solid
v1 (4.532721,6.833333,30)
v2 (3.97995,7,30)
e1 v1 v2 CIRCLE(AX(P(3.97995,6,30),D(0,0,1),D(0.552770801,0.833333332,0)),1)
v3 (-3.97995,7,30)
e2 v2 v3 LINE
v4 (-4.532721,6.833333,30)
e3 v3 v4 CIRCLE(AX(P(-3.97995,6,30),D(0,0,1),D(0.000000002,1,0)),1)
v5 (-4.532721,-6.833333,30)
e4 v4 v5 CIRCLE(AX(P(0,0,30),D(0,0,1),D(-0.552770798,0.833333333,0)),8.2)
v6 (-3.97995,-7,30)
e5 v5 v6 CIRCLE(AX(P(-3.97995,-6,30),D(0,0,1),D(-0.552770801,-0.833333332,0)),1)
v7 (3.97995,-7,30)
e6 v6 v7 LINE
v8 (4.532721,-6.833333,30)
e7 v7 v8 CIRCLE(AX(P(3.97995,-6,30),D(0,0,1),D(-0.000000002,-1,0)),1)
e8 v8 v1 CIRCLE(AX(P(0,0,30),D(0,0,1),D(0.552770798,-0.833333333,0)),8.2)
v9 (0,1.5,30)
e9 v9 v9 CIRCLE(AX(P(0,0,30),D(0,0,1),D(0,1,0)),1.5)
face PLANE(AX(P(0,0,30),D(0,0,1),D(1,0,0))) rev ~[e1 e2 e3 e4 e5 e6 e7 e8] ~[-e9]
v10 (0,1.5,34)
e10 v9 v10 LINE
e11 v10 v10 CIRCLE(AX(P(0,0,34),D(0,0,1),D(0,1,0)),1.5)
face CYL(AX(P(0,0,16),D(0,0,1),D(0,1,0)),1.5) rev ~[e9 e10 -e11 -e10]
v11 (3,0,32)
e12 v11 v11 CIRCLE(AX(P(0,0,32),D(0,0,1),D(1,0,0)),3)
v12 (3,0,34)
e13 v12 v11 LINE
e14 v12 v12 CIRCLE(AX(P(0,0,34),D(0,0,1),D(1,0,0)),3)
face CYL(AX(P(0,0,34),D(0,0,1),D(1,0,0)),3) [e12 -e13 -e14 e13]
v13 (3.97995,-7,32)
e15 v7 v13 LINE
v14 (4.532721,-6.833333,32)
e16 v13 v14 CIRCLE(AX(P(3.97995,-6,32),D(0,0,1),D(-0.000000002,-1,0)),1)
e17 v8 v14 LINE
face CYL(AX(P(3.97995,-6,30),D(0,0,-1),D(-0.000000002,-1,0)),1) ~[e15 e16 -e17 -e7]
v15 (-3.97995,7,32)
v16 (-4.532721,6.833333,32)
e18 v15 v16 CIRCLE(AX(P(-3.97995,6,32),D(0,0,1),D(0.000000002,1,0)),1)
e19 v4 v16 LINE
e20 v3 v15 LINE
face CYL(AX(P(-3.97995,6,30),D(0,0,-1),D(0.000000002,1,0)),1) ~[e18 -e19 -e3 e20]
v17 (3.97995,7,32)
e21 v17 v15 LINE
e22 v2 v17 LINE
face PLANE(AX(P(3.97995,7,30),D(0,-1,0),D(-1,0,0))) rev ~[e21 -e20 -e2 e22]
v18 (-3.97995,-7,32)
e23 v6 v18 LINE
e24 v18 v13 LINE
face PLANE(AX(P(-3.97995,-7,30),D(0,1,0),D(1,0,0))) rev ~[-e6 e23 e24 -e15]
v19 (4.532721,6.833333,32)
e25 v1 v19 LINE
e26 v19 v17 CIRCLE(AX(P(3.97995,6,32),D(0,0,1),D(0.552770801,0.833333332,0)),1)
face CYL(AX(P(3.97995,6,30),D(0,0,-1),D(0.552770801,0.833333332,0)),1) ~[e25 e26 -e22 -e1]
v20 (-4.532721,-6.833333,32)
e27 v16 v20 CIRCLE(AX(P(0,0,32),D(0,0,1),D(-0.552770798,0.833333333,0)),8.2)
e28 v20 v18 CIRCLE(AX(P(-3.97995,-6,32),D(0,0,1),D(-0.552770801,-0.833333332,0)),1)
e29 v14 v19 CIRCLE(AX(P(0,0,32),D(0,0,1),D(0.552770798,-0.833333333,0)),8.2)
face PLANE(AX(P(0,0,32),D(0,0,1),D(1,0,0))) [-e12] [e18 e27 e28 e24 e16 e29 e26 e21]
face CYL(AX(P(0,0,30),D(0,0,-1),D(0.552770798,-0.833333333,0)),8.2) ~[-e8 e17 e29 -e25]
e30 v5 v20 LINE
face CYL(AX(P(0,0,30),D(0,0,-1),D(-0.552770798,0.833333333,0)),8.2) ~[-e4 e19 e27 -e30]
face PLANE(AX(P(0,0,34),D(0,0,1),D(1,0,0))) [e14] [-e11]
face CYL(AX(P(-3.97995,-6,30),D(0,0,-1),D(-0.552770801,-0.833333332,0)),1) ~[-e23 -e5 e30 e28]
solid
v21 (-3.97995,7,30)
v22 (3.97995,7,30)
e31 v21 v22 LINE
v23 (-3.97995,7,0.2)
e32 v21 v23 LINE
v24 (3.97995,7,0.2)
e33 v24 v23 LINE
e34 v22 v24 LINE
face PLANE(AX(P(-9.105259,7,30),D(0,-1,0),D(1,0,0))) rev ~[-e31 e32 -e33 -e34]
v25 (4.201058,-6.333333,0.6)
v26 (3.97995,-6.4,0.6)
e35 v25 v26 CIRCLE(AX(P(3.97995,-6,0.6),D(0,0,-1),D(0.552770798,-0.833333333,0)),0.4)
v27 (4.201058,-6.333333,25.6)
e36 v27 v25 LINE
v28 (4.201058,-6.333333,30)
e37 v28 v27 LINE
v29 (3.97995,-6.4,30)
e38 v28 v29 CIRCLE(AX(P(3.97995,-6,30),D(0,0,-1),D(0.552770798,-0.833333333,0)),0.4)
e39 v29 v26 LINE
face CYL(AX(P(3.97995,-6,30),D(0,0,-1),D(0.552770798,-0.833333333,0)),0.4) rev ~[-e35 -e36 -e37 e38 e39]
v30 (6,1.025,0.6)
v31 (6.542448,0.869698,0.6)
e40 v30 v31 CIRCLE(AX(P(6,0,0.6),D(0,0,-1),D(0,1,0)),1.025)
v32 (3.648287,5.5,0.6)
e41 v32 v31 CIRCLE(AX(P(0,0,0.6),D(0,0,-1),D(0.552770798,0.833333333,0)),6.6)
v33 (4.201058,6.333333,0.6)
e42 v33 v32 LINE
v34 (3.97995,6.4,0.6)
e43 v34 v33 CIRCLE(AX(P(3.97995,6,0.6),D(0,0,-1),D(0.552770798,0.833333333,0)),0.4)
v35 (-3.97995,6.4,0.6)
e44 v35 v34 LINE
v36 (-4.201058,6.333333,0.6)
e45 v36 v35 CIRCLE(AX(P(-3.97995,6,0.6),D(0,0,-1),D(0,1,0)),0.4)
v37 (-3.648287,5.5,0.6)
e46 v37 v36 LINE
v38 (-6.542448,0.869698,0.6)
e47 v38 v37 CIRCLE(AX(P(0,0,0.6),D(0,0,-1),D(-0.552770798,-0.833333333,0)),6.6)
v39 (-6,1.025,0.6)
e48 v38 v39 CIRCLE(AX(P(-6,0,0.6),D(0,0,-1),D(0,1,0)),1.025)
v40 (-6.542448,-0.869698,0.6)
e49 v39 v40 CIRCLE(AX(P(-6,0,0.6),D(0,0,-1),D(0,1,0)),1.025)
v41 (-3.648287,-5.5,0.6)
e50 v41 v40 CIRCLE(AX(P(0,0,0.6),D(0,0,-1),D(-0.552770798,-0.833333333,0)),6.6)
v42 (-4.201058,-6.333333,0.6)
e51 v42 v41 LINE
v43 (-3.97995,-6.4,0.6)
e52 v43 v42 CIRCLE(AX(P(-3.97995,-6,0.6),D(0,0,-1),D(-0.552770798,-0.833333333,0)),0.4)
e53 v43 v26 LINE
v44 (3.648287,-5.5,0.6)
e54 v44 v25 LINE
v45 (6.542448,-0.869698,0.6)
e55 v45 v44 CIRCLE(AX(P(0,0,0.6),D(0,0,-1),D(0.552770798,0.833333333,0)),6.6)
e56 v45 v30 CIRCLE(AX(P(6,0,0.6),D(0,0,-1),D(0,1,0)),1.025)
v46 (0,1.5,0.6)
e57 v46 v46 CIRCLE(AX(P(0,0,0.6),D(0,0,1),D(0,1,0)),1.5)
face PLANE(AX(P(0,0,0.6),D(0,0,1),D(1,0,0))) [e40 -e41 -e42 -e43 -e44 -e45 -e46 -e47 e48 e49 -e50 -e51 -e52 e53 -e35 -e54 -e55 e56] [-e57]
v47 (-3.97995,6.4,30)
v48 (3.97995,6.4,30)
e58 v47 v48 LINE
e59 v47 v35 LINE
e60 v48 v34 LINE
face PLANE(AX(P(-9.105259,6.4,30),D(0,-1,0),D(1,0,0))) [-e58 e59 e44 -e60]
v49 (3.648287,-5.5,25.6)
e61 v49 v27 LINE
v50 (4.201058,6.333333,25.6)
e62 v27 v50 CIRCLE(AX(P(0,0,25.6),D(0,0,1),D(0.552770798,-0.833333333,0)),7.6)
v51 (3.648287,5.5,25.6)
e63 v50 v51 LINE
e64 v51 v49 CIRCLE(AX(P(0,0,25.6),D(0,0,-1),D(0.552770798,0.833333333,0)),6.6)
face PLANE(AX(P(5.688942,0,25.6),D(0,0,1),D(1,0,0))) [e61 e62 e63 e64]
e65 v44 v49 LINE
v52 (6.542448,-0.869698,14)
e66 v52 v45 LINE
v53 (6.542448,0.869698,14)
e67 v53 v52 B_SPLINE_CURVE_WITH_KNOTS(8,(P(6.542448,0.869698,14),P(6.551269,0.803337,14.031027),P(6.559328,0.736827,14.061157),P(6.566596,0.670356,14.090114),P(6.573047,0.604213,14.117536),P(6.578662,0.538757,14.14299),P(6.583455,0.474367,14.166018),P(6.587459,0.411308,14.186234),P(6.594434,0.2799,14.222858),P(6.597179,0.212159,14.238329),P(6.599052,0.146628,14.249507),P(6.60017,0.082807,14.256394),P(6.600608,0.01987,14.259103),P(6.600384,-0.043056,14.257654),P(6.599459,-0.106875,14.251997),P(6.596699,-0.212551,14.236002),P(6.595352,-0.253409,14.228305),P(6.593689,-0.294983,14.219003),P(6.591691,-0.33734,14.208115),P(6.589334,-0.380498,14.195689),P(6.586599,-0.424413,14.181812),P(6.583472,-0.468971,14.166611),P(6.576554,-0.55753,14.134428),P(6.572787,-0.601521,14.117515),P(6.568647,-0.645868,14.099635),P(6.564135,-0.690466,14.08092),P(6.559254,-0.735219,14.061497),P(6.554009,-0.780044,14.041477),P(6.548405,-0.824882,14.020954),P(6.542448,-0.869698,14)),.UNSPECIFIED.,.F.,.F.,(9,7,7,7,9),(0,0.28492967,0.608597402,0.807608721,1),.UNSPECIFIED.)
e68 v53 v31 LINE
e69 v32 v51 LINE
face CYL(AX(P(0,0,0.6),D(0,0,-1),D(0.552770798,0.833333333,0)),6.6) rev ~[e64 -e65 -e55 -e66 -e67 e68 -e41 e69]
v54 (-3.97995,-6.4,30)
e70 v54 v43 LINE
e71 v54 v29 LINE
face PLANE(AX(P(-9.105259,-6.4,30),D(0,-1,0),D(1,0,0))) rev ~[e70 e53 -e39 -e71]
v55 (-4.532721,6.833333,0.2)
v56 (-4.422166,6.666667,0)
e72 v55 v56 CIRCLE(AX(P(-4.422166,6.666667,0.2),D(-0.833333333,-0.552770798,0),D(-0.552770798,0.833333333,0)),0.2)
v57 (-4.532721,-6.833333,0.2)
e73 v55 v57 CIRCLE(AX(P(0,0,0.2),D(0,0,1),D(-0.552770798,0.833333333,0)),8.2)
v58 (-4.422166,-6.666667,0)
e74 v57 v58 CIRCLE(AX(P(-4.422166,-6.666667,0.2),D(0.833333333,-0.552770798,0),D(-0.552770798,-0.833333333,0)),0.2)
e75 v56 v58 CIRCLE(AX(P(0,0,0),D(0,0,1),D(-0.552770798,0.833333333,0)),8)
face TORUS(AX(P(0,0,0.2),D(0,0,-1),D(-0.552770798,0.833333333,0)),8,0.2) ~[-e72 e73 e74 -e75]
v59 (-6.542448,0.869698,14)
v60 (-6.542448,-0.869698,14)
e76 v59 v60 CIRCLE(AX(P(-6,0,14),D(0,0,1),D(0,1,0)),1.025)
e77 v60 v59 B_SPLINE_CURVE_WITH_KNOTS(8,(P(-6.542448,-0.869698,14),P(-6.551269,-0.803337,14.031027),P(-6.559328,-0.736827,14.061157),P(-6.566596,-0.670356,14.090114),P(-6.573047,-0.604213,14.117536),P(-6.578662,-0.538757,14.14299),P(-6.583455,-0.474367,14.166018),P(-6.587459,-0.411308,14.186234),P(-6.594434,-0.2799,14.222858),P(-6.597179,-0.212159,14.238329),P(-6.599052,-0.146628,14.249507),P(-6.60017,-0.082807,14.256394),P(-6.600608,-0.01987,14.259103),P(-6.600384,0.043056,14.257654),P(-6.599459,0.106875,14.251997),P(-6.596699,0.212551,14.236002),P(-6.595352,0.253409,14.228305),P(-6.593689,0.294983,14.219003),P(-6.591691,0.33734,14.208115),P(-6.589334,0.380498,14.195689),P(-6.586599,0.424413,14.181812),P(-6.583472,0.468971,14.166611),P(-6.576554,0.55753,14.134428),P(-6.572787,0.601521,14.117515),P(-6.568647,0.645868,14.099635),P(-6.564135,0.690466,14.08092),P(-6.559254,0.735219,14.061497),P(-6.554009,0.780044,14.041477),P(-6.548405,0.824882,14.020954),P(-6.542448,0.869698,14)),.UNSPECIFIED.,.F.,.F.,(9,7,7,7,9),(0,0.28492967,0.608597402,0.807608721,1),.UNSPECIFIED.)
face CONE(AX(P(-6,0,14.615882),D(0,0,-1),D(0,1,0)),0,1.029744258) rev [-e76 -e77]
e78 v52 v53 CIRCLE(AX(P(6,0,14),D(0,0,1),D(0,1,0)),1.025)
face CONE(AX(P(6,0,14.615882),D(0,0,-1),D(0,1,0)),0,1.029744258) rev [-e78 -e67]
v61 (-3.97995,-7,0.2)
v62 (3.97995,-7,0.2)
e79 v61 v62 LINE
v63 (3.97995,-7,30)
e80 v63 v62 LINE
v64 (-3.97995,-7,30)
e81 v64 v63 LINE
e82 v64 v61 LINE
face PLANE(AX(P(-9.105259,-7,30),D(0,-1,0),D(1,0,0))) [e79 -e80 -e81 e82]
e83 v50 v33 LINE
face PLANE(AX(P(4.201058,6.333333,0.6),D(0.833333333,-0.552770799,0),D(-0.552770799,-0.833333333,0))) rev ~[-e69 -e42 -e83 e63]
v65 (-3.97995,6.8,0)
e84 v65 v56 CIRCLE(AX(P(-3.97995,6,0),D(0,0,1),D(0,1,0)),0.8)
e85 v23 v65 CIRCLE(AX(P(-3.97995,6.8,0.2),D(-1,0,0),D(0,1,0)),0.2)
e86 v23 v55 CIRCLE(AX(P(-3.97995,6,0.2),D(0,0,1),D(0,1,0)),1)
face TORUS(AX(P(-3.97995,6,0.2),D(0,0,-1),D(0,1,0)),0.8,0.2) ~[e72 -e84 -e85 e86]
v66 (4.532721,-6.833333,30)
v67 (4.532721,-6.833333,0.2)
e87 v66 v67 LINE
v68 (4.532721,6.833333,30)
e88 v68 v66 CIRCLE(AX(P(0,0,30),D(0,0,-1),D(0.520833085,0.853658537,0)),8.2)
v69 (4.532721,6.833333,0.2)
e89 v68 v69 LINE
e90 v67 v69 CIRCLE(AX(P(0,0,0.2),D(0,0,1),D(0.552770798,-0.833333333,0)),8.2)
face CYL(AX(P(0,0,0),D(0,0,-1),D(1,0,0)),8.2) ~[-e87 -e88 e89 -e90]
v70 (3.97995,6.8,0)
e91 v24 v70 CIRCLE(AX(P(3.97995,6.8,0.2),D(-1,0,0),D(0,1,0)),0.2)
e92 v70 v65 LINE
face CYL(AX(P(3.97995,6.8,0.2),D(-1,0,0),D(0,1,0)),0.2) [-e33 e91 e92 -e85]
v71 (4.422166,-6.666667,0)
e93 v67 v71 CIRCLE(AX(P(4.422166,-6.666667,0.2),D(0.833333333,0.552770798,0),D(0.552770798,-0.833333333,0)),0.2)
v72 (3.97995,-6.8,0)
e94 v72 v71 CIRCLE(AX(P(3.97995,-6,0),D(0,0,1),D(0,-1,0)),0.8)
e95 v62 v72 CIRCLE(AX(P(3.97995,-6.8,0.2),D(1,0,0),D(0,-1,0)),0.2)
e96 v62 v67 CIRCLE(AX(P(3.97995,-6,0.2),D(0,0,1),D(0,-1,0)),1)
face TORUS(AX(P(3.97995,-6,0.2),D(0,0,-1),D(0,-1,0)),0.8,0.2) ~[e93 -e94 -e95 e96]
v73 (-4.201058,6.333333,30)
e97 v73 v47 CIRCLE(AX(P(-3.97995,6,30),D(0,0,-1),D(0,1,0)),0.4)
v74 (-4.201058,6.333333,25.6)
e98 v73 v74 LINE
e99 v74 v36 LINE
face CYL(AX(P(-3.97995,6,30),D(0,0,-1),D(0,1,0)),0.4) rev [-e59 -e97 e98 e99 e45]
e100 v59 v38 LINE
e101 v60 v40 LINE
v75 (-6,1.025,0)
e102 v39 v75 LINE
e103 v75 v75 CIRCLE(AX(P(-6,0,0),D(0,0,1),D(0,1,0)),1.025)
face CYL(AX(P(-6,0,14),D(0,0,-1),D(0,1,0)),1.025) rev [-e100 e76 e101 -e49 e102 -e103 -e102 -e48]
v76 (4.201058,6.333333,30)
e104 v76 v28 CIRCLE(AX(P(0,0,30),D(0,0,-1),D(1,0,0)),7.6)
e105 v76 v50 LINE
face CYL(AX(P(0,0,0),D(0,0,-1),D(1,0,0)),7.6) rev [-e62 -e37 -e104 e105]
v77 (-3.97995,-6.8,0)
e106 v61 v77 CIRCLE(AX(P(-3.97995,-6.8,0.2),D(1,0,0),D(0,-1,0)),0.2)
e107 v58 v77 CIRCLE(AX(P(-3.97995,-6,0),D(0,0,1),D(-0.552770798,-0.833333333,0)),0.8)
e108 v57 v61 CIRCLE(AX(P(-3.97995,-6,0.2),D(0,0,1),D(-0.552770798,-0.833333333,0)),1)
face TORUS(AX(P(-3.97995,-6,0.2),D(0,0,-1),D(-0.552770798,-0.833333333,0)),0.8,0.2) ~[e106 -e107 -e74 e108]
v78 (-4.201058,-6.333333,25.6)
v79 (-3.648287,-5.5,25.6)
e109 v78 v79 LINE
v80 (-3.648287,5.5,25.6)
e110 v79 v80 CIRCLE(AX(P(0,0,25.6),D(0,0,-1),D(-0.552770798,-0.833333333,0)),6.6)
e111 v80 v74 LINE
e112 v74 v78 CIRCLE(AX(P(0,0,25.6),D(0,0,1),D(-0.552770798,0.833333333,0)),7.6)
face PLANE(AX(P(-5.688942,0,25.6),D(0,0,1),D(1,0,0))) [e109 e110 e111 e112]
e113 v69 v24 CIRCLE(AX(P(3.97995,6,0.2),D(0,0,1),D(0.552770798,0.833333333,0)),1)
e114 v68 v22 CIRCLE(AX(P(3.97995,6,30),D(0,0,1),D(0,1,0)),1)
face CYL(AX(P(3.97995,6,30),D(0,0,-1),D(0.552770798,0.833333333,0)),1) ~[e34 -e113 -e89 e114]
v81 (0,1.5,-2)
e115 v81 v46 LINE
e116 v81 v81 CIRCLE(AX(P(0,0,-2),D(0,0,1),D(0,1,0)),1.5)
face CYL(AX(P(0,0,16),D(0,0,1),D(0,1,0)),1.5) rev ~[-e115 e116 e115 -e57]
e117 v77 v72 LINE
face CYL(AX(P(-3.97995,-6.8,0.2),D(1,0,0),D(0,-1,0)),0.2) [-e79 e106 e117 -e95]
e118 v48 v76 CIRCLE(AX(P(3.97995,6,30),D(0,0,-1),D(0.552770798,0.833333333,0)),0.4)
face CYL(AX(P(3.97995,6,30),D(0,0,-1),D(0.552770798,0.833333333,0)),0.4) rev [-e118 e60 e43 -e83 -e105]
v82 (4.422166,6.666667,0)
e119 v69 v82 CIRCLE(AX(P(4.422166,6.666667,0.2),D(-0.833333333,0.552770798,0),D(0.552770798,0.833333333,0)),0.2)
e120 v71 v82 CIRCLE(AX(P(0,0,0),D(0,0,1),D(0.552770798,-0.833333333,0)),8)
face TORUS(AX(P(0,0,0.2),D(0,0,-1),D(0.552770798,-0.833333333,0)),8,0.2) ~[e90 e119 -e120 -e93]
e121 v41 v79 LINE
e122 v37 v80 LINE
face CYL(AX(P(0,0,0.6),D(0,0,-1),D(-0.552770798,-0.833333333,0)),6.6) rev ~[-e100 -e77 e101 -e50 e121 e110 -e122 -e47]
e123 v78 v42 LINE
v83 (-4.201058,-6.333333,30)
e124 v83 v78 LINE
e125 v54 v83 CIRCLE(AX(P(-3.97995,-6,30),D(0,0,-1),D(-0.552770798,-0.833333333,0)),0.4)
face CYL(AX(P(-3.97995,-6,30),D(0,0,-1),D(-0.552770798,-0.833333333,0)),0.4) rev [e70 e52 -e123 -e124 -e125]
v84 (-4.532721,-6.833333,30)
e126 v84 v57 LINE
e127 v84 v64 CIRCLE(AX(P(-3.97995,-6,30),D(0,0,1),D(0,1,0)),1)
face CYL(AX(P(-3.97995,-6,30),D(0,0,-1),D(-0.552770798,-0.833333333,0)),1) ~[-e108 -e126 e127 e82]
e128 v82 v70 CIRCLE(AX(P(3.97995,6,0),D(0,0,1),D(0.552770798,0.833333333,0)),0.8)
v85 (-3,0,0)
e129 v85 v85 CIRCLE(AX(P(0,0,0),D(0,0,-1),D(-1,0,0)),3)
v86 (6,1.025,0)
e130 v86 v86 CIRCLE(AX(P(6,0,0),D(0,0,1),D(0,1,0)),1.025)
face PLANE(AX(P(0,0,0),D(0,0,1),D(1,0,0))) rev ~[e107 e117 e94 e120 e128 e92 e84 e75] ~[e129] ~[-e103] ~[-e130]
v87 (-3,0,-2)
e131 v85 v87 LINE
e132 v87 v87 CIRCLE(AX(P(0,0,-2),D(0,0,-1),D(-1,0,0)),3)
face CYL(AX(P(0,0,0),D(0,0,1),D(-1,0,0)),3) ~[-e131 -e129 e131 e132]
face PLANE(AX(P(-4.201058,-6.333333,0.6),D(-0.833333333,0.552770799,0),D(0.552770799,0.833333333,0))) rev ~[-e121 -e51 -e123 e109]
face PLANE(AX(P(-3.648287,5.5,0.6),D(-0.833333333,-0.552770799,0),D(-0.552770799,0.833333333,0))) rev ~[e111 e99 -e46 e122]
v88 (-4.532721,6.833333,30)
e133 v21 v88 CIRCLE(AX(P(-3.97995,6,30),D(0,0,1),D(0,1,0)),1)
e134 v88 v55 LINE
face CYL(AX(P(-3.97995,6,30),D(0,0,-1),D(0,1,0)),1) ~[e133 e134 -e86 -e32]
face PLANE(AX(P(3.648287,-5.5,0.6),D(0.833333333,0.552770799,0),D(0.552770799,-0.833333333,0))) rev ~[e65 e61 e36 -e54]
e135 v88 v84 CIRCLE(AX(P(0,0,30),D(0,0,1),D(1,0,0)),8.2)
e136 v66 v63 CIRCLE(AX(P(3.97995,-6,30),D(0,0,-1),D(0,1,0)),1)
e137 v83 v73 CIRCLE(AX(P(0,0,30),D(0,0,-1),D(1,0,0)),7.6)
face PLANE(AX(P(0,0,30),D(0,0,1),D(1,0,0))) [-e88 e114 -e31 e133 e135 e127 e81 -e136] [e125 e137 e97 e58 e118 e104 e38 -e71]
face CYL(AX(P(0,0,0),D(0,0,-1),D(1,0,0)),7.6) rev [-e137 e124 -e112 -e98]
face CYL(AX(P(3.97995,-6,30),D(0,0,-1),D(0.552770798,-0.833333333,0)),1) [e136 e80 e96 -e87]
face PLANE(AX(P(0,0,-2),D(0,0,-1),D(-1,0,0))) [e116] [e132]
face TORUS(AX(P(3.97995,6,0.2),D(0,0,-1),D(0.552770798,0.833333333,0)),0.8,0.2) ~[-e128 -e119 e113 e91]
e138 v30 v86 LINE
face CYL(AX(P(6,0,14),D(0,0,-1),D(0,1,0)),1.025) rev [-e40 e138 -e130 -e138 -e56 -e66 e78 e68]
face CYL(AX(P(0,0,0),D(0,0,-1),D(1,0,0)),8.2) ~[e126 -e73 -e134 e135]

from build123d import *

# Parameters (mm, degrees)
SKETCH_1_R                    = 8.2
EXTRUDE_1_DEPTH               = 30
SKETCH_2_W                    = 19.841310119
SKETCH_2_H                    = 4.076981531
CUT_EXTRUDE_1_DEPTH           = 33.163333161
FILLET_1_R                    = 1
SHELL_1_T                     = -0.6
SKETCH_4_R                    = 3
EXTRUDE_2_DEPTH               = 2
EXTRUDE_1_2_DEPTH             = 25
EXTRUDE_3_DEPTH               = 2
EXTRUDE_START                 = 2
SKETCH_9_R                    = 3
EXTRUDE_4_DEPTH               = 2
SKETCH_6_W                    = 1.5
SKETCH_6_H                    = 36
FILLET_2_R                    = 0.2
HOLE_WIZARD_M2_5_1_AT_2_COUNT = 2
HOLE_WIZARD_M2_5_1_AT_2_PITCH = 12


with BuildPart() as part:
    # 草图1 → Extrude 1 (new body)
    with BuildSketch(Plane.XY):
        Circle(SKETCH_1_R)
    extrude(amount=EXTRUDE_1_DEPTH)

    # 草图2 → 切除-拉伸1 (cut, through all)
    with BuildSketch(Plane.XY.offset(30)):
        with Locations((0.815396306, 9.038490766)):
            Rectangle(SKETCH_2_W, SKETCH_2_H)
        with Locations((0.815396306, -9.038490766)):
            Rectangle(SKETCH_2_W, SKETCH_2_H)
    extrude(amount=-CUT_EXTRUDE_1_DEPTH, mode=Mode.SUBTRACT)

    # 圆角1
    fillet_1_edges = [part.edges().sort_by_distance(p)[0] for p in [
        (-4.270831301, 7, 15),
        (4.270831301, 7, 15),
        (4.270831301, -7, 15),
        (-4.270831301, -7, 15),
    ]]
    fillet(fillet_1_edges, radius=FILLET_1_R)

    # 抽壳1
    shell_1_openings = [part.faces().sort_by_distance(p)[0] for p in [
        (0, 0, 30),
    ]]
    offset(amount=SHELL_1_T, openings=shell_1_openings, kind=Kind.INTERSECTION)

    # 草图4 → 凸台-拉伸2 (add)
    with BuildSketch(Plane(origin=(0, 0, 0), x_dir=(-1, 0, 0), z_dir=(0, 0, -1))):
        Circle(SKETCH_4_R)
    extrude(amount=EXTRUDE_2_DEPTH)

    # 草图7 → Extrude 1 2 (add)
    with BuildSketch(Plane.XY.offset(0.6)):
        with BuildLine():
            ThreePointArc((-4.201058068, 6.333333333), (-7.6, 0), (-4.201058068, -6.333333333))
            Line((-4.201058068, -6.333333333), (-3.648287269, -5.5))
            ThreePointArc((-3.648287269, -5.5), (-6.6, 0), (-3.648287269, 5.5))
            Line((-3.648287269, 5.5), (-4.201058068, 6.333333333))
        make_face()
        with BuildLine():
            ThreePointArc((4.201058068, -6.333333333), (7.6, 0), (4.201058068, 6.333333333))
            Line((4.201058068, 6.333333333), (3.648287269, 5.5))
            ThreePointArc((3.648287269, 5.5), (6.6, 0), (3.648287269, -5.5))
            Line((3.648287269, -5.5), (4.201058068, -6.333333333))
        make_face()
    extrude(amount=EXTRUDE_1_2_DEPTH)


with BuildPart() as body_2:
    # 草图8 → 凸台-拉伸3 (new body)
    with BuildSketch(Plane.XY.offset(30)):
        with BuildLine():
            Line((-3.979949748, -7), (3.979949748, -7))
            ThreePointArc((3.979949748, -7), (4.268624883, -6.957427108), (4.532720547, -6.833333333))
            ThreePointArc((4.532720547, -6.833333333), (8.2, 0), (4.532720547, 6.833333333))
            ThreePointArc((4.532720547, 6.833333333), (4.268624883, 6.957427108), (3.979949748, 7))
            Line((3.979949748, 7), (-3.979949748, 7))
            ThreePointArc((-3.979949748, 7), (-4.268624883, 6.957427108), (-4.532720547, 6.833333333))
            ThreePointArc((-4.532720547, 6.833333333), (-8.2, 0), (-4.532720547, -6.833333333))
            ThreePointArc((-4.532720547, -6.833333333), (-4.268624883, -6.957427108), (-3.979949748, -7))
        make_face()
    extrude(amount=EXTRUDE_3_DEPTH)

    # 草图9 → 凸台-拉伸4 (add)
    with BuildSketch(Plane.XY.offset(32).offset(EXTRUDE_START)):
        Circle(SKETCH_9_R)
    extrude(amount=-EXTRUDE_4_DEPTH)


with BuildPart() as hole_wizard_3_0_3_1_tool:
    # 草图6 → Ø3.0 (3) 直径孔1 (revolve)
    with BuildSketch(Plane(origin=(0, 0, -2), x_dir=(0, 1, 0), z_dir=(1, 0, 0))):
        with Locations((0.75, 18)):
            Rectangle(SKETCH_6_W, SKETCH_6_H)
    revolve(axis=Axis((0, 0, -8.35), (0, 0, 1)))


with BuildPart() as part_1:
    add(part.part)

    # Ø3.0 (3) 直径孔1: cut by hole_wizard_3_0_3_1_tool
    add(hole_wizard_3_0_3_1_tool.part, mode=Mode.SUBTRACT)

    # 圆角2
    fillet_2_edges = [part_1.edges().sort_by_distance(p)[0] for p in [
        (-8.2, 0, 0),
        (0, -7, 0),
        (0, 7, 0),
        (8.2, 0, 0),
        (4.268624883, 6.957427108, 0),
        (-4.268624883, 6.957427108, 0),
        (4.268624883, -6.957427108, 0),
        (-4.268624883, -6.957427108, 0),
    ]]
    fillet(fillet_2_edges, radius=FILLET_2_R)

    # 草图14 → M2.5 螺纹孔1 (revolve, cut)
    with BuildSketch(Plane.YZ.offset(6)):
        Polygon((0, 0), (0, 14.615882135), (1.025, 14), (1.025, 0), align=None)
    hole_wizard_m2_5_1 = revolve(axis=Axis((6, 0, -6.35), (0, 0, 1)), mode=Mode.SUBTRACT)

    # M2.5 螺纹孔1 at 2: M2.5 螺纹孔1 ×2
    with Locations(*[(-i * HOLE_WIZARD_M2_5_1_AT_2_PITCH, 0, 0) for i in range(1, HOLE_WIZARD_M2_5_1_AT_2_COUNT)]):
        add(hole_wizard_m2_5_1, mode=Mode.SUBTRACT)


with BuildPart() as body_2_1:
    add(body_2.part)

    # Ø3.0 (3) 直径孔1: cut by hole_wizard_3_0_3_1_tool
    add(hole_wizard_3_0_3_1_tool.part, mode=Mode.SUBTRACT)


solid = Compound([part_1.part, body_2_1.part])
